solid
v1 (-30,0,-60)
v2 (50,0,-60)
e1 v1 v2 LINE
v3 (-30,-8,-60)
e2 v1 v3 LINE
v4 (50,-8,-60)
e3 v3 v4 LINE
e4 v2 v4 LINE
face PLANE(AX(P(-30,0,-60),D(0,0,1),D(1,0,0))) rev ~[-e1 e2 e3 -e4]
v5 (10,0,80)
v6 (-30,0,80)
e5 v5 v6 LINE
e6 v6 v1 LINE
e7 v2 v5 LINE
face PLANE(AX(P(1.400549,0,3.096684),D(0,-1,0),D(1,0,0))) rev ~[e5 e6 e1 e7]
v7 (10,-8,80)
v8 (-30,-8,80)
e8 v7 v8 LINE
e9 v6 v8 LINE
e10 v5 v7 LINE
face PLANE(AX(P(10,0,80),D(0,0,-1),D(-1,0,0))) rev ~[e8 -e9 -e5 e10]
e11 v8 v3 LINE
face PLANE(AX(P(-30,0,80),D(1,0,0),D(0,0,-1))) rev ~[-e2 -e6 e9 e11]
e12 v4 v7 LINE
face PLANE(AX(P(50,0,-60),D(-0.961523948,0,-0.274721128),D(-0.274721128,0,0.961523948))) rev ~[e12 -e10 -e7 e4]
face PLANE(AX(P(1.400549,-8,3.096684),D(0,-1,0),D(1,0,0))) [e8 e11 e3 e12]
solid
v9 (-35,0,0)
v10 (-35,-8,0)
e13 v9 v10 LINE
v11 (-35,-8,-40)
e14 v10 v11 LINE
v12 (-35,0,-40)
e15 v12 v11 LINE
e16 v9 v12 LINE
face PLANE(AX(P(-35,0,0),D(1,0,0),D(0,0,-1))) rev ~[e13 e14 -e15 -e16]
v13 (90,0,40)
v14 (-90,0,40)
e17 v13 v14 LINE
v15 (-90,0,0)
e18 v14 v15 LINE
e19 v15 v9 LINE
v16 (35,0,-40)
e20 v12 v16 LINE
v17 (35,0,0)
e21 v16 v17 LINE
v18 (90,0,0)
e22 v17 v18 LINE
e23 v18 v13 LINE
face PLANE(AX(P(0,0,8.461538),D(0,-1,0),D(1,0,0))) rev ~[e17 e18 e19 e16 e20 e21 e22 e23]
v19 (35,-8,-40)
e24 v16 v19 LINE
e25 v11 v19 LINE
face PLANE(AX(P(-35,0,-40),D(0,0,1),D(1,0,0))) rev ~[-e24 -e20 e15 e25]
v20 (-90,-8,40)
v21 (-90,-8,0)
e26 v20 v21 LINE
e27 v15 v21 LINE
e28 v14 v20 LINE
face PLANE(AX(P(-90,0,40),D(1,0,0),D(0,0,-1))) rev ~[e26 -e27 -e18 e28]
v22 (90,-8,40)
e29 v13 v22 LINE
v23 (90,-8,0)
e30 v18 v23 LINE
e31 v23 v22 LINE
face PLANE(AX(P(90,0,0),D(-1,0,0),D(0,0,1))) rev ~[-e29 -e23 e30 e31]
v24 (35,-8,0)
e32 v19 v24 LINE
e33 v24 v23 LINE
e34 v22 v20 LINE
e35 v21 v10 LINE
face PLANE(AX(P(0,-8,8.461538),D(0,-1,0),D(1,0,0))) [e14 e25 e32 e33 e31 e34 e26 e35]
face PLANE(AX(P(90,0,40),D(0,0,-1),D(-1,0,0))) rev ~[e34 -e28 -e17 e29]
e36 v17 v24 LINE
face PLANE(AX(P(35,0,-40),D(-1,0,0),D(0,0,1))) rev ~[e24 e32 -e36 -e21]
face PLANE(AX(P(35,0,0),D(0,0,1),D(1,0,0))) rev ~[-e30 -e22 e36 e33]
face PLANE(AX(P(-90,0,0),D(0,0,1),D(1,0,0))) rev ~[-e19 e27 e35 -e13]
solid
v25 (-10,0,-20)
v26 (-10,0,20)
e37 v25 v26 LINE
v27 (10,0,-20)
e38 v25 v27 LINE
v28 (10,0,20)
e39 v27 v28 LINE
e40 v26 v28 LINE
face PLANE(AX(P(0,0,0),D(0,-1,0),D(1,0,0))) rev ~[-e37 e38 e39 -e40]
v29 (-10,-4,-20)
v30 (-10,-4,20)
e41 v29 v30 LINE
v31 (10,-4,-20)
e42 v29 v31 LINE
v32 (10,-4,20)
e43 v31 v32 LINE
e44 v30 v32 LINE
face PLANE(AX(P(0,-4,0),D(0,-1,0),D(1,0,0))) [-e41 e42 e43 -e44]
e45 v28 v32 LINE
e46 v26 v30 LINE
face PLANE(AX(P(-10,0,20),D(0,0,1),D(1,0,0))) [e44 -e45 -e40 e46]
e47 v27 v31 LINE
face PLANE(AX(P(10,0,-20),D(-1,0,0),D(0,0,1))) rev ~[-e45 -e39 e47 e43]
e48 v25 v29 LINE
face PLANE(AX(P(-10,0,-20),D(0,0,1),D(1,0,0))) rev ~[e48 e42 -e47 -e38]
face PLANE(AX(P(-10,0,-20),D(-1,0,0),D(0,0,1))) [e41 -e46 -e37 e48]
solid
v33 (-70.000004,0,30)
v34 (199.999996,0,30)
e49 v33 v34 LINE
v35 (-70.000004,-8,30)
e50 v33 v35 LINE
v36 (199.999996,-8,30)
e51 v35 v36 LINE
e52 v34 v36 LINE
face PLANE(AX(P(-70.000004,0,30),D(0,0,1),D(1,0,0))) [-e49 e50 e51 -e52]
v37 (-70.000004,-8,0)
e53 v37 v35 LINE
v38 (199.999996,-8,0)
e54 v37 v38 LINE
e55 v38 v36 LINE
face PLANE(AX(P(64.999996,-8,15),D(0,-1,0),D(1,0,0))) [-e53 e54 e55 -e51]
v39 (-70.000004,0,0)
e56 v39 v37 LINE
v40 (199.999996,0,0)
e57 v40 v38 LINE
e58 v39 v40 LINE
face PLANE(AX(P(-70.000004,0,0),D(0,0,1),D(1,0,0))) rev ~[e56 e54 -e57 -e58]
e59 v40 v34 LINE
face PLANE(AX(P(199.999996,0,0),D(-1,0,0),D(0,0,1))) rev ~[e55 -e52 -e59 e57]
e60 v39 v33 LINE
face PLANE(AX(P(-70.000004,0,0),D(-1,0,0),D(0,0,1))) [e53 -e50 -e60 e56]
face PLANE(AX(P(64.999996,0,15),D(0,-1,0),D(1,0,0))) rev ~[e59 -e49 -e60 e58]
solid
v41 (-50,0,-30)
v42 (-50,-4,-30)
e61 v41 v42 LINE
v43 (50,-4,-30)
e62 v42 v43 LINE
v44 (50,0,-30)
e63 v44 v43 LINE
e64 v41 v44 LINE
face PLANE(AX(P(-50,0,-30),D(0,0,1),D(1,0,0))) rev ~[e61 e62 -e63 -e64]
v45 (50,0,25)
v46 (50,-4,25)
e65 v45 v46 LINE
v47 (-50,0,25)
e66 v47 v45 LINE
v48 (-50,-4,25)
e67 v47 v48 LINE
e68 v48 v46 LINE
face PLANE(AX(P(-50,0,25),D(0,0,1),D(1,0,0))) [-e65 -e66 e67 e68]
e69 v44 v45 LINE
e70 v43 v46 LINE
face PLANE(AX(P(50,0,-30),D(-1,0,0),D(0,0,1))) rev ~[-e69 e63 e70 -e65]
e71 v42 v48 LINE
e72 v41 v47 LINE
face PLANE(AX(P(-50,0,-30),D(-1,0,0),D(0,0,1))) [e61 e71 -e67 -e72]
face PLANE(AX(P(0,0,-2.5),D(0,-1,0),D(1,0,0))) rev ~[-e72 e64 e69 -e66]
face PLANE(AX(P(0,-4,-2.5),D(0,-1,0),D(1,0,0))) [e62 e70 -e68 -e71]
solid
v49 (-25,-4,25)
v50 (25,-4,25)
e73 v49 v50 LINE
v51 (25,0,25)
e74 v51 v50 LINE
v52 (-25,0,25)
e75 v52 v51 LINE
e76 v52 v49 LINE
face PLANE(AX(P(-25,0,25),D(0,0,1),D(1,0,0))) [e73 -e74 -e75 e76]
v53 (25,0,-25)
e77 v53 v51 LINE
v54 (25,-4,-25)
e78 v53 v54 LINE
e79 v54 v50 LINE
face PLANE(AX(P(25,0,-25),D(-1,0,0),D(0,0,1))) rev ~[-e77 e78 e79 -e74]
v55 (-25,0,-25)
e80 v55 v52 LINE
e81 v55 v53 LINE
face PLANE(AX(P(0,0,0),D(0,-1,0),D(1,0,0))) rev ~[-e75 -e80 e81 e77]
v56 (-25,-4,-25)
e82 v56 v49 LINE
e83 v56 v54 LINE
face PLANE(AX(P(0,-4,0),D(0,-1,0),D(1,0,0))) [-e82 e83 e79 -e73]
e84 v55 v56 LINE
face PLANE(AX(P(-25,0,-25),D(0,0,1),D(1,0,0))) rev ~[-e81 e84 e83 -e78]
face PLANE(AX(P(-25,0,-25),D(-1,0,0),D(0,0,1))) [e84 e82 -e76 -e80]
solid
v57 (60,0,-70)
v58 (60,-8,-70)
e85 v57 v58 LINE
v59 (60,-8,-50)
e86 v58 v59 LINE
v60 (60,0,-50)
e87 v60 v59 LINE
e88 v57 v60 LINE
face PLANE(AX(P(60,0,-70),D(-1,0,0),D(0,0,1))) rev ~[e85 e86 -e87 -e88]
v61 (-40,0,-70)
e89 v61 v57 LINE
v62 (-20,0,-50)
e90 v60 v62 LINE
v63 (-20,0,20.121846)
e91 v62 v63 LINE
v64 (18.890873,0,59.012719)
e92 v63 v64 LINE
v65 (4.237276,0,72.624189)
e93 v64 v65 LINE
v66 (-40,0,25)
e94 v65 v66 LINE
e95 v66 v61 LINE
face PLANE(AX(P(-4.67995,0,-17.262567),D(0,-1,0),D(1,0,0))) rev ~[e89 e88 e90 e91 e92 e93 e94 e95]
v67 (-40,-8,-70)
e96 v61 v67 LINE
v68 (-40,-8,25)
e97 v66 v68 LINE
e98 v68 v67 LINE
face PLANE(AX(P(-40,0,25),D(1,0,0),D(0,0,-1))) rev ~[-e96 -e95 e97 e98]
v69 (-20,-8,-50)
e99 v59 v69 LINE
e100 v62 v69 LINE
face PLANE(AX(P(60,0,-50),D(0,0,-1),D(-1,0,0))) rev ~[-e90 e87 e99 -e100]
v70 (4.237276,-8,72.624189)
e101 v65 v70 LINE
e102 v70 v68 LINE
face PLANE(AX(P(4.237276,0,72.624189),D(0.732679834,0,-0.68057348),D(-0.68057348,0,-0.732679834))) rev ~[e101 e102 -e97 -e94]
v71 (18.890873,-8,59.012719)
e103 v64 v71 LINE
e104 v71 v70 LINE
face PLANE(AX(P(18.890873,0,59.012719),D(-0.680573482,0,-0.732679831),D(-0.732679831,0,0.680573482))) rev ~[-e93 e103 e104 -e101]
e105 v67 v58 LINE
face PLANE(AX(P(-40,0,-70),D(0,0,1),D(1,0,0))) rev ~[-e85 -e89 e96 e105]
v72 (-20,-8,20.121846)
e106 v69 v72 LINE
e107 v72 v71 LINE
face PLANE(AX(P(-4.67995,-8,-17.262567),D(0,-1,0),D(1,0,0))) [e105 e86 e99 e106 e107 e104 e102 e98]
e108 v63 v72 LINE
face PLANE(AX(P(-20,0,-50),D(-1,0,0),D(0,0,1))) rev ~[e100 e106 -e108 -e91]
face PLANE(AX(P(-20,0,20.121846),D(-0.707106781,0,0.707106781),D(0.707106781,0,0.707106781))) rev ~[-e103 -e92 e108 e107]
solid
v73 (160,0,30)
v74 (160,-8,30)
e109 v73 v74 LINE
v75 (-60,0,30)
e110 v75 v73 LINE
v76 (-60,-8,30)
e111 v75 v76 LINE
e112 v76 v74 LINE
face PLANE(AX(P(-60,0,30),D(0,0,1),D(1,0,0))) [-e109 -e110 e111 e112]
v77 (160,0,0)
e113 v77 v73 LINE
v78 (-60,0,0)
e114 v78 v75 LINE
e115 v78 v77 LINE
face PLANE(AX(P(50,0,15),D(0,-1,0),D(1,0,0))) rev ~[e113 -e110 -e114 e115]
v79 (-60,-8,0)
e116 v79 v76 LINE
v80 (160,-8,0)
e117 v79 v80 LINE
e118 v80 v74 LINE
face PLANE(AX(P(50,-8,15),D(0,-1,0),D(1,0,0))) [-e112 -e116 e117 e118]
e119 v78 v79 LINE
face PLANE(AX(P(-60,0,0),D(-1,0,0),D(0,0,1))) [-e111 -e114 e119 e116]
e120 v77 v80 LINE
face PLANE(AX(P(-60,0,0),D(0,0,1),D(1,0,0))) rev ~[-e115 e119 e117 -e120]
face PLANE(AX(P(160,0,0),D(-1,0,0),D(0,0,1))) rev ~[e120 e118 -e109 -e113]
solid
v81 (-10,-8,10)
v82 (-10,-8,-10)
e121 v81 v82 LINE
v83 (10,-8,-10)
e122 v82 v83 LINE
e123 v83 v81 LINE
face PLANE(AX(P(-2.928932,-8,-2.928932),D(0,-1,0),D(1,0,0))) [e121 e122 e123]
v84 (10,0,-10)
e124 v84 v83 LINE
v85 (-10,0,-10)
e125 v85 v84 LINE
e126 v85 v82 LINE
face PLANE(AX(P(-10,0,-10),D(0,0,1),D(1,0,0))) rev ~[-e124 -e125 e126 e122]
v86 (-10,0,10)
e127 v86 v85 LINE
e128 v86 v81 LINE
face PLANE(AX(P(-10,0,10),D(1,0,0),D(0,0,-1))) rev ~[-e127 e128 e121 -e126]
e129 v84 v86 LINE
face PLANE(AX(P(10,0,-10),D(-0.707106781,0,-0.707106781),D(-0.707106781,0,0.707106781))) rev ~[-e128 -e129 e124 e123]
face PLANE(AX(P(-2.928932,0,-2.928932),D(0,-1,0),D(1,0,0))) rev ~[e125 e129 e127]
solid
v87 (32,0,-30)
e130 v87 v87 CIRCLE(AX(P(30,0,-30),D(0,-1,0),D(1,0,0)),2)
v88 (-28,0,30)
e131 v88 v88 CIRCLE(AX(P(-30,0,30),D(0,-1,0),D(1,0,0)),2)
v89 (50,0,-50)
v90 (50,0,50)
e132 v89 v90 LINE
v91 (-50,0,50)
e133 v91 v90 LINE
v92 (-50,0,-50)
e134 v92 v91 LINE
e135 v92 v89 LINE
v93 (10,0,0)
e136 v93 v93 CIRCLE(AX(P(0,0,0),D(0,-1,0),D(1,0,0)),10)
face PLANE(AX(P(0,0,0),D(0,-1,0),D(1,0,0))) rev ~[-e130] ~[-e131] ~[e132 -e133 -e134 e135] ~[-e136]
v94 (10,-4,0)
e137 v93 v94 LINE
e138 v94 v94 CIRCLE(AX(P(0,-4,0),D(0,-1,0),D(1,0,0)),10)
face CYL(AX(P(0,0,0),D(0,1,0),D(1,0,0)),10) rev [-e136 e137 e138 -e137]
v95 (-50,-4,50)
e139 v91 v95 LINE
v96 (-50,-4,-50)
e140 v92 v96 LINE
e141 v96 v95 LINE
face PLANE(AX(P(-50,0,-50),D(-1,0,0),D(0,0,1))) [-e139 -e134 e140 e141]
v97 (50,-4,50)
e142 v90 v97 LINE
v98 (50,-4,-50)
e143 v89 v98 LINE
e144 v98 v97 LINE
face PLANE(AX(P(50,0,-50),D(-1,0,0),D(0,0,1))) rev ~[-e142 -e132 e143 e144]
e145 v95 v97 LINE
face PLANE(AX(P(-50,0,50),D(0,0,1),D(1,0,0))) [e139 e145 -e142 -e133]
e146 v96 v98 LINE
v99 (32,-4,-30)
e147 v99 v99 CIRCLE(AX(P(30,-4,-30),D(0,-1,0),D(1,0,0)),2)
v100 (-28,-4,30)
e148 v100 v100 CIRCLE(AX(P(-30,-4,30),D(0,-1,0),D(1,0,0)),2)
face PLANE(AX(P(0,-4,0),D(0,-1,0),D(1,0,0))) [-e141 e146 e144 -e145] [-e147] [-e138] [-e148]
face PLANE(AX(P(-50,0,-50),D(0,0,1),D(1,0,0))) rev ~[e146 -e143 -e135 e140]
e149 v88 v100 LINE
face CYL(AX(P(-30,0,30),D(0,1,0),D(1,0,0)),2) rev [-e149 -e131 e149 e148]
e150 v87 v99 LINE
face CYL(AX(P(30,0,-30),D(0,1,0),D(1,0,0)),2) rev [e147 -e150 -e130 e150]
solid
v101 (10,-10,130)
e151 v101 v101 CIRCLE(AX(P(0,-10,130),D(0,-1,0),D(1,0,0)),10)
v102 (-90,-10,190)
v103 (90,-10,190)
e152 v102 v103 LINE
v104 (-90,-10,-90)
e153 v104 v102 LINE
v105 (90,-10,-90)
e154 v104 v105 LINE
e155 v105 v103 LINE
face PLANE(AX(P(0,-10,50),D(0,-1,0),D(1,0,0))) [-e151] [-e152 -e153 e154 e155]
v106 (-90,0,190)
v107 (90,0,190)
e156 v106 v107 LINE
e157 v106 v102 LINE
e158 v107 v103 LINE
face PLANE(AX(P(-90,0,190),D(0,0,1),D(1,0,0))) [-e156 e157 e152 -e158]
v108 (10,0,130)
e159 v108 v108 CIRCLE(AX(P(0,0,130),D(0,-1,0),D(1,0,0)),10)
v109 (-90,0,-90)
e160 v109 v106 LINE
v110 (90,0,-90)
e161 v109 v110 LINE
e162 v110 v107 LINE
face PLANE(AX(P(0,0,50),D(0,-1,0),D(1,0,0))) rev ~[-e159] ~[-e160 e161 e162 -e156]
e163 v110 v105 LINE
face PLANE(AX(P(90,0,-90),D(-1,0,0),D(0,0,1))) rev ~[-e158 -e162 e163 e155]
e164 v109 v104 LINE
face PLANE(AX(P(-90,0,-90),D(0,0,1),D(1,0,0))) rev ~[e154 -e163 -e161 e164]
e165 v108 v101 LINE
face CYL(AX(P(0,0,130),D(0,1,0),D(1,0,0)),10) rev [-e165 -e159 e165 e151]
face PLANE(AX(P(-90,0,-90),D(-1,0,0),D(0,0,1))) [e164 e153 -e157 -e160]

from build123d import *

# Parameters (mm, degrees)
F1_DEPTH  = 8
F2_W      = 220
F2_H      = 30
F3_DEPTH  = 8
F4_W      = 270
F4_H      = 30
F5_DEPTH  = 8
F6_W      = 180
F6_H      = 280
F6_R      = 10
F7_DEPTH  = 10
F8_W      = 100
F8_H      = 55
F9_DEPTH  = 4
F10_W     = 100
F10_H     = 100
F10_R     = 2
F10_R_2   = 10
F11_DEPTH = 4
F13_DEPTH = 8
F15_DEPTH = 8
F16_W     = 50
F16_H     = 50
F17_DEPTH = 4
F19_DEPTH = 8
F20_W     = 20
F20_H     = 40
F21_DEPTH = 4


with BuildPart() as f1:
    # F0 (on Front) → F1 (new body)
    with BuildSketch(Plane.XZ):
        Polygon((-30, 80), (-30, -60), (50, -60), (10, 80), align=None)
    extrude(amount=F1_DEPTH)


with BuildPart() as f3:
    # F2 (on Front) → F3 (new body)
    with BuildSketch(Plane.XZ):
        with Locations((50, 15)):
            Rectangle(F2_W, F2_H)
    extrude(amount=F3_DEPTH)


with BuildPart() as f5:
    # F4 (on Front) → F5 (new body)
    with BuildSketch(Plane.XZ):
        with Locations((64.999996, 15)):
            Rectangle(F4_W, F4_H)
    extrude(amount=F5_DEPTH)


with BuildPart() as f7:
    # F6 (on Front) → F7 (new body)
    with BuildSketch(Plane.XZ):
        with Locations((0, 50)):
            Rectangle(F6_W, F6_H)
        with Locations((0, 130)):
            Circle(F6_R, mode=Mode.SUBTRACT)
    extrude(amount=F7_DEPTH)


with BuildPart() as f9:
    # F8 (on Front) → F9 (new body)
    with BuildSketch(Plane.XZ):
        with Locations((0, -2.5)):
            Rectangle(F8_W, F8_H)
    extrude(amount=F9_DEPTH)


with BuildPart() as f11:
    # F10 (on Front) → F11 (new body)
    with BuildSketch(Plane.XZ):
        Rectangle(F10_W, F10_H)
        with Locations((30, -30)):
            Circle(F10_R, mode=Mode.SUBTRACT)
        with Locations((-30, 30)):
            Circle(F10_R, mode=Mode.SUBTRACT)
        Circle(F10_R_2, mode=Mode.SUBTRACT)
    extrude(amount=F11_DEPTH)


with BuildPart() as f13:
    # F12 (on Front) → F13 (new body)
    with BuildSketch(Plane.XZ):
        Polygon((-35, 0), (-35, -40), (35, -40), (35, 0), (90, 0), (90, 40), (-90, 40), (-90, 0), align=None)
    extrude(amount=F13_DEPTH)


with BuildPart() as f15:
    # F14 (on Front) → F15 (new body)
    with BuildSketch(Plane.XZ):
        Polygon((60, -70), (60, -50), (-20, -50), (-20, 20.121846), (18.890873, 59.012719), (4.237276, 72.624189), (-40, 25), (-40, -70), align=None)
    extrude(amount=F15_DEPTH)


with BuildPart() as f17:
    # F16 (on Front) → F17 (new body)
    with BuildSketch(Plane.XZ):
        Rectangle(F16_W, F16_H)
    extrude(amount=F17_DEPTH)


with BuildPart() as f19:
    # F18 (on Front) → F19 (new body)
    with BuildSketch(Plane.XZ):
        Polygon((-10, 10), (-10, -10), (10, -10), align=None)
    extrude(amount=F19_DEPTH)


with BuildPart() as f21:
    # F20 (on Front) → F21 (new body)
    with BuildSketch(Plane.XZ):
        Rectangle(F20_W, F20_H)
    extrude(amount=F21_DEPTH)


solid = Compound([f1.part, f3.part, f5.part, f7.part, f9.part, f11.part, f13.part, f15.part, f17.part, f19.part, f21.part])
